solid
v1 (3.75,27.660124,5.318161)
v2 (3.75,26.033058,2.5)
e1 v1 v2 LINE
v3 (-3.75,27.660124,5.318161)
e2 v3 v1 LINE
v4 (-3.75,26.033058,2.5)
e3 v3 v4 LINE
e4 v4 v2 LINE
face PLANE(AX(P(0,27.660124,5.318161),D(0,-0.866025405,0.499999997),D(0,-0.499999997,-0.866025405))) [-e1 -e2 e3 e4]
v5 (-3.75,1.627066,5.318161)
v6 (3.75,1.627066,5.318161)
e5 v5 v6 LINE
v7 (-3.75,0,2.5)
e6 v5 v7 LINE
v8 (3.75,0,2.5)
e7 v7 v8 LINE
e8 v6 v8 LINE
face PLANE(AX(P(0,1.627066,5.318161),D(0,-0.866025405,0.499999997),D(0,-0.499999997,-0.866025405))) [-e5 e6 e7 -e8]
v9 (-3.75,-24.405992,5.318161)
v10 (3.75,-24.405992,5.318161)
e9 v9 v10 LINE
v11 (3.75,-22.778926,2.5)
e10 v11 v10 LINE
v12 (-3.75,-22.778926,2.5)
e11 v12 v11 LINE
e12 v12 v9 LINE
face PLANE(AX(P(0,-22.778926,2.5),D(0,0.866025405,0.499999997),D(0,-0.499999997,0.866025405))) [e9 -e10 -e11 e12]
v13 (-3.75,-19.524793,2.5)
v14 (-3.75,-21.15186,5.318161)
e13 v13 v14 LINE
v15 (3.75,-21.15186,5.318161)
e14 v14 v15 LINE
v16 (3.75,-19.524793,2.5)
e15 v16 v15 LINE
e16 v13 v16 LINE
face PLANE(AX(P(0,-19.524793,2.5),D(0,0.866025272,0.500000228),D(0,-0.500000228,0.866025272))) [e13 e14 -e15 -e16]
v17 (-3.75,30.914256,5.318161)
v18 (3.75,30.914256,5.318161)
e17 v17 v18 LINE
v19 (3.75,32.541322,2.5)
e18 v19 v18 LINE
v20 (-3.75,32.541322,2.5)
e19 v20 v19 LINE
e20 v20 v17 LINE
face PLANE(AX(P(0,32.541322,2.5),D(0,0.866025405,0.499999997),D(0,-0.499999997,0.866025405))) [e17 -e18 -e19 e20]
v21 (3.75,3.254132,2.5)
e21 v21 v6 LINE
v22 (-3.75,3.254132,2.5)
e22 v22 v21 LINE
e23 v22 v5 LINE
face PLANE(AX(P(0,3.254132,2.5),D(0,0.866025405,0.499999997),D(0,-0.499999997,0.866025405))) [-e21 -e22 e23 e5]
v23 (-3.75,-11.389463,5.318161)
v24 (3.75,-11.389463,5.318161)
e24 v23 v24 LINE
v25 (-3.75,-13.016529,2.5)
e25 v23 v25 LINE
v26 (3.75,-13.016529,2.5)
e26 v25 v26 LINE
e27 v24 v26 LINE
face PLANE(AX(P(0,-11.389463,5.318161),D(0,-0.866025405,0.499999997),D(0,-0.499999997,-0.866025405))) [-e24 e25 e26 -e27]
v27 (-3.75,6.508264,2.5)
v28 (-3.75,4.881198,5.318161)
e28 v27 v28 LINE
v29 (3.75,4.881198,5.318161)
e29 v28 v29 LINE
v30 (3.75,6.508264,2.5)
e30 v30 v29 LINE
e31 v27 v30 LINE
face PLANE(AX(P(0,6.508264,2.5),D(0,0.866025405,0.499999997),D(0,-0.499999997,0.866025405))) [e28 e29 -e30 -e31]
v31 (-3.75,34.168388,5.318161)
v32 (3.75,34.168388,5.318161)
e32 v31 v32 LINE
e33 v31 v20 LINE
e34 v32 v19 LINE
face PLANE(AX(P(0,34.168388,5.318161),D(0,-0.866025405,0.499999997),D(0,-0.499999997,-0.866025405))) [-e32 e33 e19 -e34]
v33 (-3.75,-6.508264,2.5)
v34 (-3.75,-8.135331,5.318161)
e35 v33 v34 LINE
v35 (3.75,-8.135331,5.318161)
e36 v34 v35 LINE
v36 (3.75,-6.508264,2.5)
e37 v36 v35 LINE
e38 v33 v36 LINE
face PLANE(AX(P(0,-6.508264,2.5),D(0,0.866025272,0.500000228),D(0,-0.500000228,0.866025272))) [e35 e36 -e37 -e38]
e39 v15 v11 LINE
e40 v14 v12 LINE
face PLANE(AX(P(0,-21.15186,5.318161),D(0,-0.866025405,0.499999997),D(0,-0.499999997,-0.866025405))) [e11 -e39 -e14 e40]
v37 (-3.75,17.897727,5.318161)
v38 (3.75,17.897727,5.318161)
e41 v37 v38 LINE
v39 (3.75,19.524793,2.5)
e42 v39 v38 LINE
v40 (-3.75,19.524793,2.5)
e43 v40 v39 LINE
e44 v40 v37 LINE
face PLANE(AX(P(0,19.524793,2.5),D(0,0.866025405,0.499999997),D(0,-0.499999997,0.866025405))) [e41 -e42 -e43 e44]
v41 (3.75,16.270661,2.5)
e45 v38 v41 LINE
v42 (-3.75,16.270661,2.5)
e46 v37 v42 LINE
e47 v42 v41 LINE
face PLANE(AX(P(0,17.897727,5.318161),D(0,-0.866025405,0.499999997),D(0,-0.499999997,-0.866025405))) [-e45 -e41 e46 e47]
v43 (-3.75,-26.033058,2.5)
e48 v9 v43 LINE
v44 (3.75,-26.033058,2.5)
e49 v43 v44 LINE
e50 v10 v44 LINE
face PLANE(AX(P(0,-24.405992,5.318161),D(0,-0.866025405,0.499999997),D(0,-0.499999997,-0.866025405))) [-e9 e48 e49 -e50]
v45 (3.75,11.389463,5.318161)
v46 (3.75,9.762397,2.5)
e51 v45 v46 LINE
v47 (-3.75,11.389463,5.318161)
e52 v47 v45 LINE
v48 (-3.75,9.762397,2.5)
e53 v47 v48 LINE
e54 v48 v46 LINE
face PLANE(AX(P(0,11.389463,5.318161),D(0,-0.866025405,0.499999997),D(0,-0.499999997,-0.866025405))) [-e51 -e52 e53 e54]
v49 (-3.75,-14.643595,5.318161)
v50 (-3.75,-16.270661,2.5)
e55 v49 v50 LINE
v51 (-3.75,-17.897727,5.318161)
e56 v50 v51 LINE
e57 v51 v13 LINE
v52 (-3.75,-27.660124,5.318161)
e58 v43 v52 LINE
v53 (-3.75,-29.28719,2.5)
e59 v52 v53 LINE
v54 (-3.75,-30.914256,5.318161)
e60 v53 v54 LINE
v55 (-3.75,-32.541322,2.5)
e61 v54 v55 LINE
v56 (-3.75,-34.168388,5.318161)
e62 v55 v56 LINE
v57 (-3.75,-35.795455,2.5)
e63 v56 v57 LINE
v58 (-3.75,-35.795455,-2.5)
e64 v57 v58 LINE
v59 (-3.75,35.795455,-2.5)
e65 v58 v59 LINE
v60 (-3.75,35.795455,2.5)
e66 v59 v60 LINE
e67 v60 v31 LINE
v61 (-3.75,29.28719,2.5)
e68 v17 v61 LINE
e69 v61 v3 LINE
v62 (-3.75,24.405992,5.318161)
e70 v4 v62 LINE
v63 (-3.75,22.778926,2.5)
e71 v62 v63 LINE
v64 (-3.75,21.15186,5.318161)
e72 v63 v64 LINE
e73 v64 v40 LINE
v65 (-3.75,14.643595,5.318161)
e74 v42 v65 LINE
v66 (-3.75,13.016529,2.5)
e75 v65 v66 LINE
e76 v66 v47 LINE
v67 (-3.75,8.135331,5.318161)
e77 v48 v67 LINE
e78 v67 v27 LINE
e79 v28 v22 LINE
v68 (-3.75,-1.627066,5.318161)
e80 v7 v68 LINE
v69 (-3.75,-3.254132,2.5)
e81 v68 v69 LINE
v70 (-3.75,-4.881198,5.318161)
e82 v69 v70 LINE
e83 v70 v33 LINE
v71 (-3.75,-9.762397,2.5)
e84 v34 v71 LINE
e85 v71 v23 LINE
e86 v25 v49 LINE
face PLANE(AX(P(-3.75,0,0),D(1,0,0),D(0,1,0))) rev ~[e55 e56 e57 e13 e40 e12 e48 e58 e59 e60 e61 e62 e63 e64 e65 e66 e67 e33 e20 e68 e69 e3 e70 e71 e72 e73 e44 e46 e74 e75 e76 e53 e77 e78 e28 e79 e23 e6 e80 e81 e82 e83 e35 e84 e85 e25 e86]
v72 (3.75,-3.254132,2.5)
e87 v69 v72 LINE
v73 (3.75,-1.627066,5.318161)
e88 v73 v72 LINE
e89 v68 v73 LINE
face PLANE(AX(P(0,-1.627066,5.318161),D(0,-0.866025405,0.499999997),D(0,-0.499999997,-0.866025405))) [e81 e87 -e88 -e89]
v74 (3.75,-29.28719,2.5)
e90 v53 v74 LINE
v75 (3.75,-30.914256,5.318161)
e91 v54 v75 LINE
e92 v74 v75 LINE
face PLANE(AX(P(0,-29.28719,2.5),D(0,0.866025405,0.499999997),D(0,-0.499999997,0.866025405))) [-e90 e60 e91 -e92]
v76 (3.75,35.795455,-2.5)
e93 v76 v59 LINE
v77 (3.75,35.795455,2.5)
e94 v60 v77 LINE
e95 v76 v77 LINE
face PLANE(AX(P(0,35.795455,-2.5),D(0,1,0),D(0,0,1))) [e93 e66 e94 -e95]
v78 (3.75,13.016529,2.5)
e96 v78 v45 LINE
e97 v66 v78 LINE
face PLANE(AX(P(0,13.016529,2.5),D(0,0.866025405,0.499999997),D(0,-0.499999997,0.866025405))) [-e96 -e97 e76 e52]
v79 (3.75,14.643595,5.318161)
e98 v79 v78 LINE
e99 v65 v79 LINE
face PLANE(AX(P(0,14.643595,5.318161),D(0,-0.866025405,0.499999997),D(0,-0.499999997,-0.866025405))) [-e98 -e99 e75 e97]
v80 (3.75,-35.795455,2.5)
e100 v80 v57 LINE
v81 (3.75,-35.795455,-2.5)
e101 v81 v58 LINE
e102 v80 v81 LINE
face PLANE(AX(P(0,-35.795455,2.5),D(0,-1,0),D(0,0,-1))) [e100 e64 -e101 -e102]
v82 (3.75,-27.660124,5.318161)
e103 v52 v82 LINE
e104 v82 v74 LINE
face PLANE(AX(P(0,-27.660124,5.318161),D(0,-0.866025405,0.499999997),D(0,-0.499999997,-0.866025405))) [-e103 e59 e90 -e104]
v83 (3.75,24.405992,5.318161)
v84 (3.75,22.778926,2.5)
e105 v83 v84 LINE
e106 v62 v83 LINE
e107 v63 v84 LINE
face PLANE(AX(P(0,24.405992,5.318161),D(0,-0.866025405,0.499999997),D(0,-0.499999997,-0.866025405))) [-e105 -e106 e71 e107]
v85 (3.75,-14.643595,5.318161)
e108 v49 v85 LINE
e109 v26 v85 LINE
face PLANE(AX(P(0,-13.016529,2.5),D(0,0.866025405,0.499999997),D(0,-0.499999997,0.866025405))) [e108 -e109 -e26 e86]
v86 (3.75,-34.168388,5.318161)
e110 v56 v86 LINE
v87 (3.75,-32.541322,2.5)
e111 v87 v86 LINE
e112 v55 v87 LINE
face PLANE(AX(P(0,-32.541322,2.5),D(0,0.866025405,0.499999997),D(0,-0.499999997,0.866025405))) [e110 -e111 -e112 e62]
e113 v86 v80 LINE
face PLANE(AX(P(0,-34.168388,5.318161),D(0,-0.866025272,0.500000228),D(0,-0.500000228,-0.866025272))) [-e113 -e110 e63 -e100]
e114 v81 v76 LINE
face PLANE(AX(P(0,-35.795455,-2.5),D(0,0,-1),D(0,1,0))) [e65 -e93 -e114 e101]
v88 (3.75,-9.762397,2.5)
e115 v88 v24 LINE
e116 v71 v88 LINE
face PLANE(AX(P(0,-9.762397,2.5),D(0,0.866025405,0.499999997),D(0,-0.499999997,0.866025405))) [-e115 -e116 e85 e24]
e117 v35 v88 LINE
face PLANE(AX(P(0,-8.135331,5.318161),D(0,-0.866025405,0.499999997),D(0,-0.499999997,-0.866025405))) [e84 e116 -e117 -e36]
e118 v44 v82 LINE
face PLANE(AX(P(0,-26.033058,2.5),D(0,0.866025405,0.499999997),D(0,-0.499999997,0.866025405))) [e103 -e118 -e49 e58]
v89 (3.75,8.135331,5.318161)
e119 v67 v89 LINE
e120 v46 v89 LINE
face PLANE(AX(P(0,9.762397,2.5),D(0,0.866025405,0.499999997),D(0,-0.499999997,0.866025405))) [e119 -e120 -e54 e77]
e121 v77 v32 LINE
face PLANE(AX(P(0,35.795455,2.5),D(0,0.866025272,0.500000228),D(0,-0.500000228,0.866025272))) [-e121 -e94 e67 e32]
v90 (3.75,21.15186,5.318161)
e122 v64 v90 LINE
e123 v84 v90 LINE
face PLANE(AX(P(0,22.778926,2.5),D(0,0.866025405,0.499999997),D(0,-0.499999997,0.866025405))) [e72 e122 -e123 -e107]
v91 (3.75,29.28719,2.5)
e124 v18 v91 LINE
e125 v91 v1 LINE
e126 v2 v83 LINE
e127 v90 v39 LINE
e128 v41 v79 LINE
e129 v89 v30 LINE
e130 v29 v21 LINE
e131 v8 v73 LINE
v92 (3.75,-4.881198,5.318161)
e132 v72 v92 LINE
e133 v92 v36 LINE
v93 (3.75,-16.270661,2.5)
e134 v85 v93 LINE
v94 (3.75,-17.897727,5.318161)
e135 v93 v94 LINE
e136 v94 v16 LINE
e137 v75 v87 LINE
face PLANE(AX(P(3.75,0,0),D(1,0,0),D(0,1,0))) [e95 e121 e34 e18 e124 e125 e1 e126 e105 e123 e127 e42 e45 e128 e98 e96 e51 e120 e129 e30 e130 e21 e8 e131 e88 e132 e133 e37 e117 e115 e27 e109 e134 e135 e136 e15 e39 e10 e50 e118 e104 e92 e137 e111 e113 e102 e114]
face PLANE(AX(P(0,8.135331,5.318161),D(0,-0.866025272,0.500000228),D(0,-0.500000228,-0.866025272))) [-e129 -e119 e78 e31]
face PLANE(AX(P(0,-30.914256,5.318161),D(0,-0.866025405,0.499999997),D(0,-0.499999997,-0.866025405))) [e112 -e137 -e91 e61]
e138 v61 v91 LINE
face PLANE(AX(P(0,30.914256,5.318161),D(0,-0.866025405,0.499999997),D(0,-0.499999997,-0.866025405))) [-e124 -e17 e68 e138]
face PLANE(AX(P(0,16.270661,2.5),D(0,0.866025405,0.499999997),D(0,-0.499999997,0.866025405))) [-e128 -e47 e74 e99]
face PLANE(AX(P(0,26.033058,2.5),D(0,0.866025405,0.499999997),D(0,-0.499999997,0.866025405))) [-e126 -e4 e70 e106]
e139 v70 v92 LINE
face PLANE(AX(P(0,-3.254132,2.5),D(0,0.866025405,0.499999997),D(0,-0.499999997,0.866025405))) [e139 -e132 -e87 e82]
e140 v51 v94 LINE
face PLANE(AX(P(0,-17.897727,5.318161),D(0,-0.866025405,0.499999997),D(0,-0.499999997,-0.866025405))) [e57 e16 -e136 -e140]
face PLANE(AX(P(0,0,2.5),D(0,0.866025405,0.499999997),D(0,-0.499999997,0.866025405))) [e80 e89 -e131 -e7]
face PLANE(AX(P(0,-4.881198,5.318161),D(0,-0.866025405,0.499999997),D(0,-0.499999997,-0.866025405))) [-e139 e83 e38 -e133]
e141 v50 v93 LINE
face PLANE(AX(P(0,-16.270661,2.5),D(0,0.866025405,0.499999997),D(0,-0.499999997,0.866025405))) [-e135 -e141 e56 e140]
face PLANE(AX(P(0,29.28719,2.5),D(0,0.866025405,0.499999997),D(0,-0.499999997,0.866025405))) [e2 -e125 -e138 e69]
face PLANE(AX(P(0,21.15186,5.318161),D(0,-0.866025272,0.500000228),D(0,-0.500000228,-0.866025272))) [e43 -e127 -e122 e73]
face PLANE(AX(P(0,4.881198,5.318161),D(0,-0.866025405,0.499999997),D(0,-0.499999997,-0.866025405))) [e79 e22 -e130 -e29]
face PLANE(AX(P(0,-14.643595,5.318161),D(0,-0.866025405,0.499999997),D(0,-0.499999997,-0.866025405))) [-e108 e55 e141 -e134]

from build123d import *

# Parameters (mm, degrees)
F1_DEPTH = 3.75


with BuildPart() as f1:
    # F0 (on Right) → F1 (new body, symmetric)
    with BuildSketch(Plane.YZ):
        Polygon((35.795455, -2.5), (35.795455, 2.5), (32.541322, 2.5), (29.28719, 2.5), (26.033058, 2.5), (22.778926, 2.5), (19.524793, 2.5), (16.270661, 2.5), (13.016529, 2.5), (9.762397, 2.5), (6.508264, 2.5), (3.254132, 2.5), (0, 2.5), (-3.254132, 2.5), (-6.508264, 2.5), (-9.762397, 2.5), (-13.016529, 2.5), (-16.270661, 2.5), (-19.524793, 2.5), (-22.778926, 2.5), (-26.033058, 2.5), (-29.28719, 2.5), (-32.541322, 2.5), (-35.795455, 2.5), (-35.795455, -2.5), align=None)
        Polygon((26.033058, 2.5), (29.28719, 2.5), (27.660124, 5.318161), align=None)
        Polygon((29.28719, 2.5), (32.541322, 2.5), (30.914256, 5.318161), align=None)
        Polygon((32.541322, 2.5), (35.795455, 2.5), (34.168388, 5.318161), align=None)
        Polygon((13.016529, 2.5), (16.270661, 2.5), (14.643595, 5.318161), align=None)
        Polygon((6.508264, 2.5), (9.762397, 2.5), (8.135331, 5.318161), align=None)
        Polygon((16.270661, 2.5), (19.524793, 2.5), (17.897727, 5.318161), align=None)
        Polygon((9.762397, 2.5), (13.016529, 2.5), (11.389463, 5.318161), align=None)
        Polygon((-34.168388, 5.318161), (-35.795455, 2.5), (-32.541322, 2.5), align=None)
        Polygon((-30.914256, 5.318161), (-32.541322, 2.5), (-29.28719, 2.5), align=None)
        Polygon((-27.660124, 5.318161), (-29.28719, 2.5), (-26.033058, 2.5), align=None)
        Polygon((-24.405992, 5.318161), (-26.033058, 2.5), (-22.778926, 2.5), align=None)
        Polygon((-21.15186, 5.318161), (-22.778926, 2.5), (-19.524793, 2.5), align=None)
        Polygon((-17.897727, 5.318161), (-19.524793, 2.5), (-16.270661, 2.5), align=None)
        Polygon((-14.643595, 5.318161), (-16.270661, 2.5), (-13.016529, 2.5), align=None)
        Polygon((-11.389463, 5.318161), (-13.016529, 2.5), (-9.762397, 2.5), align=None)
        Polygon((-8.135331, 5.318161), (-9.762397, 2.5), (-6.508264, 2.5), align=None)
        Polygon((-6.508264, 2.5), (-3.254132, 2.5), (-4.881198, 5.318161), align=None)
        Polygon((-3.254132, 2.5), (0, 2.5), (-1.627066, 5.318161), align=None)
        Polygon((0, 2.5), (3.254132, 2.5), (1.627066, 5.318161), align=None)
        Polygon((3.254132, 2.5), (6.508264, 2.5), (4.881198, 5.318161), align=None)
        Polygon((19.524793, 2.5), (22.778926, 2.5), (21.15186, 5.318161), align=None)
        Polygon((22.778926, 2.5), (26.033058, 2.5), (24.405992, 5.318161), align=None)
    extrude(amount=F1_DEPTH, both=True)


solid = f1.part
